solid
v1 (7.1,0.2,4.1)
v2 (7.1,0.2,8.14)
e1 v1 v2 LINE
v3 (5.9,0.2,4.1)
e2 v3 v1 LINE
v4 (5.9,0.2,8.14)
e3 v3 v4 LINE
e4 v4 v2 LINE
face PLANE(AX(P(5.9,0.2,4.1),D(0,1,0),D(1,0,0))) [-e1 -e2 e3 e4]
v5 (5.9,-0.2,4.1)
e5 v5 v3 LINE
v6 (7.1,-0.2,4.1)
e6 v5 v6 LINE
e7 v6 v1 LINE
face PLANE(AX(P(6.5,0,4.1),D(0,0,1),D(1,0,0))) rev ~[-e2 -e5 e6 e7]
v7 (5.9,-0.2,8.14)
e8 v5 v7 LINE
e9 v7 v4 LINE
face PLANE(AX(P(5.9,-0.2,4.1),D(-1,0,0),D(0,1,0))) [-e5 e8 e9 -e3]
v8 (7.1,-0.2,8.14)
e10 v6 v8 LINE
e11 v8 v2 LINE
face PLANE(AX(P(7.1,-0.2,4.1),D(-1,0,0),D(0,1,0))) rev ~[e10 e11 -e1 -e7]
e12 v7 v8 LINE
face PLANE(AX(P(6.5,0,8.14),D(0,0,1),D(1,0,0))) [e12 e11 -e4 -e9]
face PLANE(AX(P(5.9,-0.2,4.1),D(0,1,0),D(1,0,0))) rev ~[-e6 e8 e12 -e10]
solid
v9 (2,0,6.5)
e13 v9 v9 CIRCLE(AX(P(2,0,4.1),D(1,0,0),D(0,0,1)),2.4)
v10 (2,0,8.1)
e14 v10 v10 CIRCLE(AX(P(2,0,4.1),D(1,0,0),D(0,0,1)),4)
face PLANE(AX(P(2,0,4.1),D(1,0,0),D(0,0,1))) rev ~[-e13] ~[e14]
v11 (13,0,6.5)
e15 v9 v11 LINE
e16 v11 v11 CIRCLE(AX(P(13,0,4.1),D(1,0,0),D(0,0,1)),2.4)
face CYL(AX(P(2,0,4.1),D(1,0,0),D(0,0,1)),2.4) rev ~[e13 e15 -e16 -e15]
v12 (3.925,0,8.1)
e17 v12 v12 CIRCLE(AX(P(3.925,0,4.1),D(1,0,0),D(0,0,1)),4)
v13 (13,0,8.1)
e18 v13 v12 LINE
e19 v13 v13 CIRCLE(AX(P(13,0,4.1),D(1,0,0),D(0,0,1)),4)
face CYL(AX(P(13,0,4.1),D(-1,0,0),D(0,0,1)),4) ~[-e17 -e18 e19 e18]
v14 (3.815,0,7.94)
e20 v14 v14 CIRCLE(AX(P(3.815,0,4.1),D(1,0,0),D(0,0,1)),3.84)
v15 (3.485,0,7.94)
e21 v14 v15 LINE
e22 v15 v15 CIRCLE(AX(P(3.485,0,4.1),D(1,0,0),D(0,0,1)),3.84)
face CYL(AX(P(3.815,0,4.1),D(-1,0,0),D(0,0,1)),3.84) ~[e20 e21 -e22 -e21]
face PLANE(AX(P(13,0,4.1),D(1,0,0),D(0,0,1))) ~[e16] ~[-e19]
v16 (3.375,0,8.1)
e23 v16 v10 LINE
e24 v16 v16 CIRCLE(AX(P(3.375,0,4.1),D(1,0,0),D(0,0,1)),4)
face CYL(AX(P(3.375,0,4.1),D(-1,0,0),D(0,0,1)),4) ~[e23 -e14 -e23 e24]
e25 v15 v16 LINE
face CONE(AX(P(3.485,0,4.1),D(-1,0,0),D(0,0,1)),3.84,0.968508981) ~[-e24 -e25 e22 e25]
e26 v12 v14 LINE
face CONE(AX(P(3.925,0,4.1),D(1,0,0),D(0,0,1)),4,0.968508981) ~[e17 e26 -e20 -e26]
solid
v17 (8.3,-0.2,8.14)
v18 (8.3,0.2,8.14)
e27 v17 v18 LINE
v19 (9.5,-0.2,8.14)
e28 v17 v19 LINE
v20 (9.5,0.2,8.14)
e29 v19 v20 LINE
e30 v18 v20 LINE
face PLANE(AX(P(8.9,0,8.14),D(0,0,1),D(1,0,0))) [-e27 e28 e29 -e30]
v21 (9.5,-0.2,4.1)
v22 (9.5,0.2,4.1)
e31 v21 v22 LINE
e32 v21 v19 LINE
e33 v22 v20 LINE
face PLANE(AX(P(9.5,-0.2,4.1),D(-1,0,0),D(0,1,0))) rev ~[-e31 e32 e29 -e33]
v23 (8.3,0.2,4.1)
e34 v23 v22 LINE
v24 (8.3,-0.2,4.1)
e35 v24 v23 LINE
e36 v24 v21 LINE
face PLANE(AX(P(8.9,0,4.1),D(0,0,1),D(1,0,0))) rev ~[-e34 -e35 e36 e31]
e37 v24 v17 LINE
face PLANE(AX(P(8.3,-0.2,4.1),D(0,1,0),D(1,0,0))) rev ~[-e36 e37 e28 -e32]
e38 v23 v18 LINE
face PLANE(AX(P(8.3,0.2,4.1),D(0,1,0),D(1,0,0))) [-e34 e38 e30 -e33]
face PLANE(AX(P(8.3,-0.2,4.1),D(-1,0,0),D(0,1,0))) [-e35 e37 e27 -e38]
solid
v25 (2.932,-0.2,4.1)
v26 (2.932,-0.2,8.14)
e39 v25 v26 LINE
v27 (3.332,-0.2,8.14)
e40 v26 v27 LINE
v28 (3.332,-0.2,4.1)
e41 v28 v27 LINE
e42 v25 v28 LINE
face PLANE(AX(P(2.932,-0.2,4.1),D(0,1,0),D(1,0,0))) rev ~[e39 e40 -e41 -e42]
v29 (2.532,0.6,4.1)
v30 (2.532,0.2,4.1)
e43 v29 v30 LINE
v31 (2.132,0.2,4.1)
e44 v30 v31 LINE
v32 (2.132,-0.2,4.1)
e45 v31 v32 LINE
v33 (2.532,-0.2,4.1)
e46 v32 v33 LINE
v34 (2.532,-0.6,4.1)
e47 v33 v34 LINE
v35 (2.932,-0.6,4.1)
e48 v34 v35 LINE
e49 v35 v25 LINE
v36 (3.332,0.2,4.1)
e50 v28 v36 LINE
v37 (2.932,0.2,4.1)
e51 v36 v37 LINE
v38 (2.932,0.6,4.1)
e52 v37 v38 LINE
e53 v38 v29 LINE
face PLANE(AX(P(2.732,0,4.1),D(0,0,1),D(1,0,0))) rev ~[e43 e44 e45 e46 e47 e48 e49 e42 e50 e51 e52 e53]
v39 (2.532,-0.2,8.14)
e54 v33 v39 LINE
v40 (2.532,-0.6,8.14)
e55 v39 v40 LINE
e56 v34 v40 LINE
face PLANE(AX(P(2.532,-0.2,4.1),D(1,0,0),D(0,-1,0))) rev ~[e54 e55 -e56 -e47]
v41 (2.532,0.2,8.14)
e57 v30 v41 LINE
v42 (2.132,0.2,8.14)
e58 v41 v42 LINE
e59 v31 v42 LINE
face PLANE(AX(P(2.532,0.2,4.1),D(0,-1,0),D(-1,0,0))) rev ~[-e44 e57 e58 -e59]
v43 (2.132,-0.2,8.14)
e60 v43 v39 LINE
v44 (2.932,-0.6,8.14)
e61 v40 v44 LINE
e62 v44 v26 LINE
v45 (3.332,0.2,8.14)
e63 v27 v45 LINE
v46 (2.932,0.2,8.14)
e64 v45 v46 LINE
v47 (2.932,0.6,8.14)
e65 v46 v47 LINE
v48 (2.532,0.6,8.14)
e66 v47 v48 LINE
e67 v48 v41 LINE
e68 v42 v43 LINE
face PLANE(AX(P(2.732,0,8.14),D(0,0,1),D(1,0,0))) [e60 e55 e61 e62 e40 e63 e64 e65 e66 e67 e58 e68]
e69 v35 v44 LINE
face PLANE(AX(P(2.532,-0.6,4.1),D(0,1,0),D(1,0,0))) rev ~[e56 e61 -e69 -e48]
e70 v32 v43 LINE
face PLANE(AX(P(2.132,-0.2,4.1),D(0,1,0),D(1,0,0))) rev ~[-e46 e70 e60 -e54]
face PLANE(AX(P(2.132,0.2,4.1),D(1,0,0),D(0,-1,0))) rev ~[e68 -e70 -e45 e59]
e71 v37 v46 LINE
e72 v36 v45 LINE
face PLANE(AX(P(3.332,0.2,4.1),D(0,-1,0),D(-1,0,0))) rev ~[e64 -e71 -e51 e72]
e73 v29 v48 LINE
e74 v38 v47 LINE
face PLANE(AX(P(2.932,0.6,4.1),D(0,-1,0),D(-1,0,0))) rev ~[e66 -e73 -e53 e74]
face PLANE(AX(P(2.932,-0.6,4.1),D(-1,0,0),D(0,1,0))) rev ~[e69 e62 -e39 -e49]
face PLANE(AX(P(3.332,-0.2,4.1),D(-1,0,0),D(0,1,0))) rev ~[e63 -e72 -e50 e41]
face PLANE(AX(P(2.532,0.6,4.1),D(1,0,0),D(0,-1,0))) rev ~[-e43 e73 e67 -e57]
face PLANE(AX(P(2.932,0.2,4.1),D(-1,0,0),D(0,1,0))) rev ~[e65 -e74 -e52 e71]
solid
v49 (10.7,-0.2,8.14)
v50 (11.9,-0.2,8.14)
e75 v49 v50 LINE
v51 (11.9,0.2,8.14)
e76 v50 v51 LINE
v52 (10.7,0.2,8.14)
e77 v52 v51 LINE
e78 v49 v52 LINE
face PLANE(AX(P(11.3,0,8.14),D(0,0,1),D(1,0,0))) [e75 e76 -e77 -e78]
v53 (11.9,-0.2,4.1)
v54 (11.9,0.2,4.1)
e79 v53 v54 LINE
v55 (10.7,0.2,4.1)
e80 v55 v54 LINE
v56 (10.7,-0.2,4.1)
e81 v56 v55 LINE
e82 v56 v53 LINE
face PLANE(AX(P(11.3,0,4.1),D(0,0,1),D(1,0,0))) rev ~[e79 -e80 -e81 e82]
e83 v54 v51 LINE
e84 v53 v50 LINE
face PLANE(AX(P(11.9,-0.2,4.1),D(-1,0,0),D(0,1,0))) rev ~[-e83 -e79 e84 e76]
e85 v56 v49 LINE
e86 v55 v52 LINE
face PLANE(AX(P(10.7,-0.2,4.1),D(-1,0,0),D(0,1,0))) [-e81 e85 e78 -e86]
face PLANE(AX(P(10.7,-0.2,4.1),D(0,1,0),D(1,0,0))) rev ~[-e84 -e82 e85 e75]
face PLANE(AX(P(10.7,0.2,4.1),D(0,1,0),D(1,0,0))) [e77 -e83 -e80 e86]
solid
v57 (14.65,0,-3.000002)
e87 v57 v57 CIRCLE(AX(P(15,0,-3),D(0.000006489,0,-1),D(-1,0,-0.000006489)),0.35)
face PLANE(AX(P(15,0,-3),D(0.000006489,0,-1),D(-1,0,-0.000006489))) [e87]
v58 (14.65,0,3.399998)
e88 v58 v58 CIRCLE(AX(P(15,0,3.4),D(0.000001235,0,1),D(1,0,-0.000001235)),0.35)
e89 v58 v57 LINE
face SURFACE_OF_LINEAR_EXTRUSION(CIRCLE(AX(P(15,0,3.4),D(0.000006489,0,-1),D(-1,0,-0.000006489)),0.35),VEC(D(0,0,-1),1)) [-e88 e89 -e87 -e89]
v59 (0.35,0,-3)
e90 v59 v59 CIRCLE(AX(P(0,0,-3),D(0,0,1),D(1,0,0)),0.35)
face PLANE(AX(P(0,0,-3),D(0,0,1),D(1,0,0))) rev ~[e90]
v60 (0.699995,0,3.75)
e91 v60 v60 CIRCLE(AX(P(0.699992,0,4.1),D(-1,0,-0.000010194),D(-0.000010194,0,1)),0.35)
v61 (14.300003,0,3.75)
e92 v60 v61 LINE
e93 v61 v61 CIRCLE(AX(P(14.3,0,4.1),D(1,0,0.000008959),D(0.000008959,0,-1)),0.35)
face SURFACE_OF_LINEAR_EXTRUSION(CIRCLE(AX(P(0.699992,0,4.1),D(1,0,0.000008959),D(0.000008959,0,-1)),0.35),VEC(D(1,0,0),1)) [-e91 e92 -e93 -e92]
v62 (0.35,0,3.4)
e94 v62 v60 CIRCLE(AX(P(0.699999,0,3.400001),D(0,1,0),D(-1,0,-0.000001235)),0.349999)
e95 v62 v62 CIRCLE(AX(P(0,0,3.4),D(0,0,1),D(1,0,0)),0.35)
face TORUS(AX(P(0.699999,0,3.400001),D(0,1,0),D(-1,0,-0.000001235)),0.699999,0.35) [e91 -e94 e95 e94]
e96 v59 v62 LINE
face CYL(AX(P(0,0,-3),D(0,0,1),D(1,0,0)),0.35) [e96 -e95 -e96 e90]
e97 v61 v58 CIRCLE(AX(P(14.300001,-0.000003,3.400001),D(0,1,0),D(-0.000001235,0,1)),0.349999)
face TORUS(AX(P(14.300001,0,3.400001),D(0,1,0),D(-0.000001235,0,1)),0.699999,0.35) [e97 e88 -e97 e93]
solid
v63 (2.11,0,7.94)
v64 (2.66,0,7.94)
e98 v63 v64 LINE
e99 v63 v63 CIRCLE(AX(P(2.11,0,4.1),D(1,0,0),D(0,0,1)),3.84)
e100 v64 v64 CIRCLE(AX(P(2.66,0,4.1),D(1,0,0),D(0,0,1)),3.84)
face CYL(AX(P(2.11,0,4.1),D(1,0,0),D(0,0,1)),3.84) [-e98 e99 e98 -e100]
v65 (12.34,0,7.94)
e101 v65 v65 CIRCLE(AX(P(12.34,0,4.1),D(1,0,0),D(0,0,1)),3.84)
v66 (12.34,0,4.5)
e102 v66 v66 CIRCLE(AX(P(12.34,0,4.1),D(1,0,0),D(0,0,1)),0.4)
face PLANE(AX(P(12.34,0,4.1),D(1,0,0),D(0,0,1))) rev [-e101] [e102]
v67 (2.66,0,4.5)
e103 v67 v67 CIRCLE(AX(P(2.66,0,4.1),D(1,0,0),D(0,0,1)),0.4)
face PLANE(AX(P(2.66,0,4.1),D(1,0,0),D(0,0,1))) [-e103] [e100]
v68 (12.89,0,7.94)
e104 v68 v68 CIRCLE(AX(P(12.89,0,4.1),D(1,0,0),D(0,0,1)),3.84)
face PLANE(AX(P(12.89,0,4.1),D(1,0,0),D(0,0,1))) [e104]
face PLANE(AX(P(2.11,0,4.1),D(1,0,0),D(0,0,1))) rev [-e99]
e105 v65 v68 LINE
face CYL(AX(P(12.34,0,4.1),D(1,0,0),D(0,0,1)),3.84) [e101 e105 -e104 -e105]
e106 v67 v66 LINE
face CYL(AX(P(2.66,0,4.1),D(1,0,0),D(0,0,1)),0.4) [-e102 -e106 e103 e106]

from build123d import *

# Parameters (mm, degrees)
SKETCH_R    = 0.35
SKETCH004_W = 1.2
SKETCH004_H = 0.4
PAD_DEPTH   = 4.04


with BuildPart() as sweep_body:
    # Sweep: sweep along a path in Sketch001
    with BuildLine(Plane.XZ) as sweep_path:
        Line((0, -3), (0, 3.4))
        ThreePointArc((0, 3.4), (0.205022, 3.894972), (0.699992, 4.1))
        Line((0.699992, 4.1), (14.3, 4.1))
        ThreePointArc((14.3, 4.1), (14.794975, 3.894975), (15, 3.4))
        Line((15, 3.4), (15, -3))
    # Sketch → Sweep (sweep)
    with BuildSketch(Plane.XY.offset(-2)):
        Circle(SKETCH_R)
    sweep(path=sweep_path.line)


with BuildPart() as revolution:
    # Sketch002 → Revolution (revolve)
    with BuildSketch(Plane.XZ):
        Polygon((2, 8.1), (2, 6.5), (13, 6.5), (13, 8.1), (3.925, 8.1), (3.815, 7.94), (3.485, 7.94), (3.375, 8.1), align=None)
    revolve(axis=Axis((6.97588, 0, 4.1), (1, 0, 0)))


with BuildPart() as revolution001:
    # Sketch003 → Revolution001 (revolve)
    with BuildSketch(Plane.XZ):
        Polygon((2.11, 7.94), (2.66, 7.94), (2.66, 4.5), (12.34, 4.5), (12.34, 7.94), (12.89, 7.94), (12.89, 4.1), (2.11, 4.1), align=None)
    revolve(axis=Axis((6.97588, 0, 4.1), (1, 0, 0)))


with BuildPart() as pad:
    # Sketch004 → Pad (new body)
    with BuildSketch(Plane.XY.offset(4.1)):
        with Locations((11.3, 0)):
            Rectangle(SKETCH004_W, SKETCH004_H)
        with Locations((8.9, 0)):
            Rectangle(SKETCH004_W, SKETCH004_H)
        with Locations((6.5, 0)):
            Rectangle(SKETCH004_W, SKETCH004_H)
        Polygon((2.532, 0.2), (2.132, 0.2), (2.132, -0.2), (2.532, -0.2), (2.532, -0.6), (2.932, -0.6), (2.932, -0.2), (3.332, -0.2), (3.332, 0.2), (2.932, 0.2), (2.932, 0.6), (2.532, 0.6), align=None)
    extrude(amount=PAD_DEPTH)


solid = Compound([sweep_body.part, revolution.part, revolution001.part, pad.part])
